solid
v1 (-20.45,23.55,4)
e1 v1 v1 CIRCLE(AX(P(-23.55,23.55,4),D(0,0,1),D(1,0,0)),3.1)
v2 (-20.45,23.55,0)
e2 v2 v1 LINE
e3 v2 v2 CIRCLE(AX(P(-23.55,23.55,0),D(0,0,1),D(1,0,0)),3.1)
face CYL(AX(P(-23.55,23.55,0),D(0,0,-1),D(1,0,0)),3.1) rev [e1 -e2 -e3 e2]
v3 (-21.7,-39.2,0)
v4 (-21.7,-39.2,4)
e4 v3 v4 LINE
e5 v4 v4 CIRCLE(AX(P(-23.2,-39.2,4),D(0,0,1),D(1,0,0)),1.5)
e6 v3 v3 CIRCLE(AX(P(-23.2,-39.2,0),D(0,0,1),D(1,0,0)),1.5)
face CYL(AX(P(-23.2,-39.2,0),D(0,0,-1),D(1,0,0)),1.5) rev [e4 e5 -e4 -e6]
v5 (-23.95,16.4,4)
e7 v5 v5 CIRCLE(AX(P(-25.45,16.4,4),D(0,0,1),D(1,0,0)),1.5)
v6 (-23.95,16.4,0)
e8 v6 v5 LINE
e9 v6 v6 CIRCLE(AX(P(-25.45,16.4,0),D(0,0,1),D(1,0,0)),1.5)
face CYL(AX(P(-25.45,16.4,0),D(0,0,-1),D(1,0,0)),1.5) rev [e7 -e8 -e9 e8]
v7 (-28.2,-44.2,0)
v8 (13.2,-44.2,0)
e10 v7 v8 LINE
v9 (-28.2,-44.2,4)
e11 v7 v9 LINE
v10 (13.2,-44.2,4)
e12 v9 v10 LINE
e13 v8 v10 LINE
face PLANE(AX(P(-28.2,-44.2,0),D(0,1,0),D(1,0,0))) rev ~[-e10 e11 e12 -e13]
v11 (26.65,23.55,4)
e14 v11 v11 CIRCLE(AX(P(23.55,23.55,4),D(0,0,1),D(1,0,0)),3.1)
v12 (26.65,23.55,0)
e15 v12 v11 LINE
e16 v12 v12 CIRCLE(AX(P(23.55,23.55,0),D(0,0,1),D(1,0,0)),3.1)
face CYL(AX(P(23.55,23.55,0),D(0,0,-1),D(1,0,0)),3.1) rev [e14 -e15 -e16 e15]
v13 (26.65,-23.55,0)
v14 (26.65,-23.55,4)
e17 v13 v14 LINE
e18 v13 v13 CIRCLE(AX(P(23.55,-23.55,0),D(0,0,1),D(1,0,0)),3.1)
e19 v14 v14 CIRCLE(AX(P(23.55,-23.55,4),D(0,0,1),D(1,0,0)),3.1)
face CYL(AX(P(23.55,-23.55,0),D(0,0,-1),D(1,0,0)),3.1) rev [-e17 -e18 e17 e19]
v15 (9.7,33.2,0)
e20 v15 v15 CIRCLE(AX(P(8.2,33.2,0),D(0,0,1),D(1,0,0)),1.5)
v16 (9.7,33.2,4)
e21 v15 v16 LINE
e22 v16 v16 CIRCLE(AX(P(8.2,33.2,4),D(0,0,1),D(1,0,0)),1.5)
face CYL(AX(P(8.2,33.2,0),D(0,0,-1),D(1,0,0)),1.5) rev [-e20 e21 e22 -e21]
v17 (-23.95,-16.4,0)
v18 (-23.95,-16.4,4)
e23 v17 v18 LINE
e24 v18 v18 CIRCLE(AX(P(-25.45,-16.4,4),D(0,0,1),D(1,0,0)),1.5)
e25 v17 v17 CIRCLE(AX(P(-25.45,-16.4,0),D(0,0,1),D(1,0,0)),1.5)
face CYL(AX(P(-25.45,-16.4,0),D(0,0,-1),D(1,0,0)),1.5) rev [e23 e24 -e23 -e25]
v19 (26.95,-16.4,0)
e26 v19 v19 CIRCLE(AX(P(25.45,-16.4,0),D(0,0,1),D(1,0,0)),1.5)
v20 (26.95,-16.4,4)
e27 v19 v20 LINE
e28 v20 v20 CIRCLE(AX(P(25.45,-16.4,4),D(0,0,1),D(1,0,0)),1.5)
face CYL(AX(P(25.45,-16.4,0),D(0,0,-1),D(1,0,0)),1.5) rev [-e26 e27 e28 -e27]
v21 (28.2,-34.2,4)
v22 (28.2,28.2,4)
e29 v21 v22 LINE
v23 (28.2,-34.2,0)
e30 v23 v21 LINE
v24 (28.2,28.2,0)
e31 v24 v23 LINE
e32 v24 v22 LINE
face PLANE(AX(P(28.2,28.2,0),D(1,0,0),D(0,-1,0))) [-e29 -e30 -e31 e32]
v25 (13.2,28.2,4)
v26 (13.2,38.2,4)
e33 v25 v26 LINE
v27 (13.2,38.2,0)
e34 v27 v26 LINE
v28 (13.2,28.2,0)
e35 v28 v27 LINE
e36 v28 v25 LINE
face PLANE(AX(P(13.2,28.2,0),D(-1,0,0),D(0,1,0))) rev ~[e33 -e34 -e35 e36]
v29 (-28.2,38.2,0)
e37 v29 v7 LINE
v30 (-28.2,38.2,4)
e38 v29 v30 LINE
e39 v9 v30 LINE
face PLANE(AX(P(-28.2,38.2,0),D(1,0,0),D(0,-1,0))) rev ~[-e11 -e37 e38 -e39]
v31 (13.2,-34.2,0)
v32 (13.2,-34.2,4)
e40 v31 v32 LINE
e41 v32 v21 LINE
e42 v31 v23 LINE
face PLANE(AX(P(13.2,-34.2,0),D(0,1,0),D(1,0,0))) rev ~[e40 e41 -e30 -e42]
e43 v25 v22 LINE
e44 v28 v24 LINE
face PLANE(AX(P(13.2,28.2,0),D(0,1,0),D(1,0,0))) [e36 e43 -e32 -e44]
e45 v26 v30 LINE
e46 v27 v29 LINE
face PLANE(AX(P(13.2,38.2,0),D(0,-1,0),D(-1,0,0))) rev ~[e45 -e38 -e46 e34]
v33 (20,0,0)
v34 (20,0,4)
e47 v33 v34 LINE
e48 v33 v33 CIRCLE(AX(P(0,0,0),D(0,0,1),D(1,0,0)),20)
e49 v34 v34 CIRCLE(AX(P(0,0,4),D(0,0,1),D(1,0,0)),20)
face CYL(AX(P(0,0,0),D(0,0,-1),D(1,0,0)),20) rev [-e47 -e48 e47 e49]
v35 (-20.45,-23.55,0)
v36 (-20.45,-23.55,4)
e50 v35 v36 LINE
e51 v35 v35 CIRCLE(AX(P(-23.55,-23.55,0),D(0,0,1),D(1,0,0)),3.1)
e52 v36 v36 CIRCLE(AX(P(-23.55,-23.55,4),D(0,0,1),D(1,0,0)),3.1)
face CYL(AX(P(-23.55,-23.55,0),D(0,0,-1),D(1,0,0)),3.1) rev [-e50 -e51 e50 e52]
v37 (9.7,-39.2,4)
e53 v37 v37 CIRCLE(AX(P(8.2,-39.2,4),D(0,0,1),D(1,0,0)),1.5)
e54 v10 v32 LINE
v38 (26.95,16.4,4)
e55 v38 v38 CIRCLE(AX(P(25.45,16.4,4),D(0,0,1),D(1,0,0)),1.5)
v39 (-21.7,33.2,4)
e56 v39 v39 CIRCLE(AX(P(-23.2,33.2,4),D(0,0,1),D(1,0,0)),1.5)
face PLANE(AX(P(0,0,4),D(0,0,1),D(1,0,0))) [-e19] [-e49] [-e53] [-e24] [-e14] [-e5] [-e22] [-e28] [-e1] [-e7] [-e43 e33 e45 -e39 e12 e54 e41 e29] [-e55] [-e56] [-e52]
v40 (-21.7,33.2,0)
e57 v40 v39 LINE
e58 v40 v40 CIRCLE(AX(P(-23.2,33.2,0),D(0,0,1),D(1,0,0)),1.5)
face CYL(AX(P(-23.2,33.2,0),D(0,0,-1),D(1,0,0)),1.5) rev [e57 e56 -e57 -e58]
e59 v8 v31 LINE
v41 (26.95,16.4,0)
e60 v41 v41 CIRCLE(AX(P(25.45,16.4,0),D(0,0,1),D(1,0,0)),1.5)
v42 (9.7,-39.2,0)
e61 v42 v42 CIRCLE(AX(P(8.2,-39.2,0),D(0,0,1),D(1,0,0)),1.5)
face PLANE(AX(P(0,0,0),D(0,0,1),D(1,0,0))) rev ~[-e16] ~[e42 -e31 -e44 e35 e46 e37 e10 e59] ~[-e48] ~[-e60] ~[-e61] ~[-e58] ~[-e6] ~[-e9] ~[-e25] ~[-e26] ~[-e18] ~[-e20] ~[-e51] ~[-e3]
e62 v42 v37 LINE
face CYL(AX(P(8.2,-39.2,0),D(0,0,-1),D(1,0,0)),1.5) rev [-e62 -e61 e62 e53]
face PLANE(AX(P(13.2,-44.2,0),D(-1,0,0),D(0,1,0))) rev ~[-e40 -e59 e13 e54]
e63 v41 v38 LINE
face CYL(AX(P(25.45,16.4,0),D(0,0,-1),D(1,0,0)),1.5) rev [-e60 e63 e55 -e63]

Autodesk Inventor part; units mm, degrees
ref_plane "YZ Plane" through (0, 0, 0) normal (1, 0, 0) x (0, 1, 0)
ref_plane "XZ Plane" through (0, 0, 0) normal (0, 1, 0) x (-1, 0, 0)
ref_plane "XY Plane" through (0, 0, 0) normal (0, 0, 1) x (1, 0, 0)
sketch "Sketch1" plane through (0, 0, 0) normal (0, 0, 1) x (1, 0, 0)
  line L0 (-28.2, 28.2) -> (28.2, 28.2)
  line L1 (28.2, 28.2) -> (28.2, -28.2)
  line L2 (28.2, -28.2) -> (-28.2, -28.2)
  line L3 (-28.2, -28.2) -> (-28.2, 28.2)
  line L4 (-28.2, 28.2) -> (28.2, -28.2) construction
  line L5 (28.2, 28.2) -> (-28.2, -28.2) construction
  circle A0 centre (25.45, 16.4) radius 1.5
  circle A1 centre (25.45, -16.4) radius 1.5
  line L6 (0, 0) -> (0, 28.2) construction
  circle A2 centre (-25.45, 16.4) radius 1.5
  circle A3 centre (-25.45, -16.4) radius 1.5
  circle A4 centre (23.55, 23.55) radius 3.1
  circle A5 centre (-23.55, 23.55) radius 3.1
  circle A6 centre (-23.55, -23.55) radius 3.1
  circle A7 centre (23.55, -23.55) radius 3.1
  circle A8 centre (0, 0) radius 20
  line L7 (-28.2, 28.2) -> (13.2, 28.2)
  line L8 (13.2, 28.2) -> (13.2, 38.2)
  line L9 (13.2, 38.2) -> (-28.2, 38.2)
  line L10 (-28.2, 38.2) -> (-28.2, 28.2)
  circle A9 centre (-23.2, 33.2) radius 1.5
  circle A10 centre (8.2, 33.2) radius 1.5
  line L11 (13.2, -28.2) -> (-28.2, -28.2)
  line L12 (-28.2, -28.2) -> (-28.2, -44.2)
  line L13 (-28.2, -44.2) -> (13.2, -44.2)
  line L14 (13.2, -44.2) -> (13.2, -28.2)
  circle A11 centre (-23.2, -39.2) radius 1.5
  circle A12 centre (8.2, -39.2) radius 1.5
  line L15 (28.2, -28.2) -> (13.2, -28.2)
  line L16 (13.2, -28.2) -> (13.2, -34.2)
  line L17 (13.2, -34.2) -> (28.2, -34.2)
  line L18 (28.2, -34.2) -> (28.2, -28.2)
  point P0 (-28.2, -28.2)
  dimension "d0" = 3
  dimension "d1" = 56.4
  dimension "d2" = 16.4
  dimension "d3" = 25.45
  dimension "d4" = 56.4
  dimension "d5" = 3
  dimension "d6" = 16.4
  dimension "d7" = 25.45
  dimension "d8" = 6.2
  dimension "d9" = 23.55
  dimension "d10" = 23.55
  dimension "d13" = 360
  dimension "d17" = 40
  dimension "d18" = 10
  dimension "d19" = 15
  dimension "d20" = 3
  dimension "d21" = 3
  dimension "d22" = 5
  dimension "d23" = 5
  dimension "d24" = 5
  dimension "d25" = 5
  dimension "d26" = 16
  dimension "d27" = 15
  dimension "d28" = 0
  dimension "d29" = 3
  dimension "d30" = 3
  dimension "d31" = 5
  dimension "d32" = 5
  dimension "d33" = 5
  dimension "d34" = 5
  dimension "d35" = 6
extrude "Extrusion1" add sketch "Sketch1" along normal blind 4
sketch "Sketch3" plane through (0, 0, 4) normal (0, 0, 1) x (1, 0, 0)
  line L0 (28.2, -34.2) -> (28.2, 28.2) projected
  line L1 (28.2, 28.2) -> (13.2, 28.2) projected
  line L2 (13.2, 28.2) -> (13.2, 38.2) projected
  line L3 (13.2, 38.2) -> (-28.2, 38.2) projected
  line L4 (-28.2, 38.2) -> (-28.2, -44.2) projected
  line L5 (-28.2, -44.2) -> (13.2, -44.2) projected
  line L6 (13.2, -44.2) -> (13.2, -34.2) projected
  line L7 (13.2, -34.2) -> (28.2, -34.2) projected
  circle A0 centre (0, 0) radius 20 projected
  circle A1 centre (25.45, 16.4) radius 1.5 projected
  circle A2 centre (25.45, -16.4) radius 1.5 projected
  circle A3 centre (-25.45, 16.4) radius 1.5 projected
  circle A4 centre (-25.45, -16.4) radius 1.5 projected
  circle A5 centre (23.55, 23.55) radius 3.1 projected
  circle A6 centre (-23.55, 23.55) radius 3.1 projected
  circle A7 centre (-23.55, -23.55) radius 3.1 projected
  circle A8 centre (23.55, -23.55) radius 3.1 projected
  circle A9 centre (-23.2, 33.2) radius 1.5 projected
  circle A10 centre (8.2, 33.2) radius 1.5 projected
  circle A11 centre (-23.2, -39.2) radius 1.5 projected
  circle A12 centre (8.2, -39.2) radius 1.5 projected
equation "\"d4\" = d1"
equation "\"d6\" = d2"
equation "\"d7\" = d3"
properties part number "MotorHolder_3D" material "Aluminum 6061, Welded"
